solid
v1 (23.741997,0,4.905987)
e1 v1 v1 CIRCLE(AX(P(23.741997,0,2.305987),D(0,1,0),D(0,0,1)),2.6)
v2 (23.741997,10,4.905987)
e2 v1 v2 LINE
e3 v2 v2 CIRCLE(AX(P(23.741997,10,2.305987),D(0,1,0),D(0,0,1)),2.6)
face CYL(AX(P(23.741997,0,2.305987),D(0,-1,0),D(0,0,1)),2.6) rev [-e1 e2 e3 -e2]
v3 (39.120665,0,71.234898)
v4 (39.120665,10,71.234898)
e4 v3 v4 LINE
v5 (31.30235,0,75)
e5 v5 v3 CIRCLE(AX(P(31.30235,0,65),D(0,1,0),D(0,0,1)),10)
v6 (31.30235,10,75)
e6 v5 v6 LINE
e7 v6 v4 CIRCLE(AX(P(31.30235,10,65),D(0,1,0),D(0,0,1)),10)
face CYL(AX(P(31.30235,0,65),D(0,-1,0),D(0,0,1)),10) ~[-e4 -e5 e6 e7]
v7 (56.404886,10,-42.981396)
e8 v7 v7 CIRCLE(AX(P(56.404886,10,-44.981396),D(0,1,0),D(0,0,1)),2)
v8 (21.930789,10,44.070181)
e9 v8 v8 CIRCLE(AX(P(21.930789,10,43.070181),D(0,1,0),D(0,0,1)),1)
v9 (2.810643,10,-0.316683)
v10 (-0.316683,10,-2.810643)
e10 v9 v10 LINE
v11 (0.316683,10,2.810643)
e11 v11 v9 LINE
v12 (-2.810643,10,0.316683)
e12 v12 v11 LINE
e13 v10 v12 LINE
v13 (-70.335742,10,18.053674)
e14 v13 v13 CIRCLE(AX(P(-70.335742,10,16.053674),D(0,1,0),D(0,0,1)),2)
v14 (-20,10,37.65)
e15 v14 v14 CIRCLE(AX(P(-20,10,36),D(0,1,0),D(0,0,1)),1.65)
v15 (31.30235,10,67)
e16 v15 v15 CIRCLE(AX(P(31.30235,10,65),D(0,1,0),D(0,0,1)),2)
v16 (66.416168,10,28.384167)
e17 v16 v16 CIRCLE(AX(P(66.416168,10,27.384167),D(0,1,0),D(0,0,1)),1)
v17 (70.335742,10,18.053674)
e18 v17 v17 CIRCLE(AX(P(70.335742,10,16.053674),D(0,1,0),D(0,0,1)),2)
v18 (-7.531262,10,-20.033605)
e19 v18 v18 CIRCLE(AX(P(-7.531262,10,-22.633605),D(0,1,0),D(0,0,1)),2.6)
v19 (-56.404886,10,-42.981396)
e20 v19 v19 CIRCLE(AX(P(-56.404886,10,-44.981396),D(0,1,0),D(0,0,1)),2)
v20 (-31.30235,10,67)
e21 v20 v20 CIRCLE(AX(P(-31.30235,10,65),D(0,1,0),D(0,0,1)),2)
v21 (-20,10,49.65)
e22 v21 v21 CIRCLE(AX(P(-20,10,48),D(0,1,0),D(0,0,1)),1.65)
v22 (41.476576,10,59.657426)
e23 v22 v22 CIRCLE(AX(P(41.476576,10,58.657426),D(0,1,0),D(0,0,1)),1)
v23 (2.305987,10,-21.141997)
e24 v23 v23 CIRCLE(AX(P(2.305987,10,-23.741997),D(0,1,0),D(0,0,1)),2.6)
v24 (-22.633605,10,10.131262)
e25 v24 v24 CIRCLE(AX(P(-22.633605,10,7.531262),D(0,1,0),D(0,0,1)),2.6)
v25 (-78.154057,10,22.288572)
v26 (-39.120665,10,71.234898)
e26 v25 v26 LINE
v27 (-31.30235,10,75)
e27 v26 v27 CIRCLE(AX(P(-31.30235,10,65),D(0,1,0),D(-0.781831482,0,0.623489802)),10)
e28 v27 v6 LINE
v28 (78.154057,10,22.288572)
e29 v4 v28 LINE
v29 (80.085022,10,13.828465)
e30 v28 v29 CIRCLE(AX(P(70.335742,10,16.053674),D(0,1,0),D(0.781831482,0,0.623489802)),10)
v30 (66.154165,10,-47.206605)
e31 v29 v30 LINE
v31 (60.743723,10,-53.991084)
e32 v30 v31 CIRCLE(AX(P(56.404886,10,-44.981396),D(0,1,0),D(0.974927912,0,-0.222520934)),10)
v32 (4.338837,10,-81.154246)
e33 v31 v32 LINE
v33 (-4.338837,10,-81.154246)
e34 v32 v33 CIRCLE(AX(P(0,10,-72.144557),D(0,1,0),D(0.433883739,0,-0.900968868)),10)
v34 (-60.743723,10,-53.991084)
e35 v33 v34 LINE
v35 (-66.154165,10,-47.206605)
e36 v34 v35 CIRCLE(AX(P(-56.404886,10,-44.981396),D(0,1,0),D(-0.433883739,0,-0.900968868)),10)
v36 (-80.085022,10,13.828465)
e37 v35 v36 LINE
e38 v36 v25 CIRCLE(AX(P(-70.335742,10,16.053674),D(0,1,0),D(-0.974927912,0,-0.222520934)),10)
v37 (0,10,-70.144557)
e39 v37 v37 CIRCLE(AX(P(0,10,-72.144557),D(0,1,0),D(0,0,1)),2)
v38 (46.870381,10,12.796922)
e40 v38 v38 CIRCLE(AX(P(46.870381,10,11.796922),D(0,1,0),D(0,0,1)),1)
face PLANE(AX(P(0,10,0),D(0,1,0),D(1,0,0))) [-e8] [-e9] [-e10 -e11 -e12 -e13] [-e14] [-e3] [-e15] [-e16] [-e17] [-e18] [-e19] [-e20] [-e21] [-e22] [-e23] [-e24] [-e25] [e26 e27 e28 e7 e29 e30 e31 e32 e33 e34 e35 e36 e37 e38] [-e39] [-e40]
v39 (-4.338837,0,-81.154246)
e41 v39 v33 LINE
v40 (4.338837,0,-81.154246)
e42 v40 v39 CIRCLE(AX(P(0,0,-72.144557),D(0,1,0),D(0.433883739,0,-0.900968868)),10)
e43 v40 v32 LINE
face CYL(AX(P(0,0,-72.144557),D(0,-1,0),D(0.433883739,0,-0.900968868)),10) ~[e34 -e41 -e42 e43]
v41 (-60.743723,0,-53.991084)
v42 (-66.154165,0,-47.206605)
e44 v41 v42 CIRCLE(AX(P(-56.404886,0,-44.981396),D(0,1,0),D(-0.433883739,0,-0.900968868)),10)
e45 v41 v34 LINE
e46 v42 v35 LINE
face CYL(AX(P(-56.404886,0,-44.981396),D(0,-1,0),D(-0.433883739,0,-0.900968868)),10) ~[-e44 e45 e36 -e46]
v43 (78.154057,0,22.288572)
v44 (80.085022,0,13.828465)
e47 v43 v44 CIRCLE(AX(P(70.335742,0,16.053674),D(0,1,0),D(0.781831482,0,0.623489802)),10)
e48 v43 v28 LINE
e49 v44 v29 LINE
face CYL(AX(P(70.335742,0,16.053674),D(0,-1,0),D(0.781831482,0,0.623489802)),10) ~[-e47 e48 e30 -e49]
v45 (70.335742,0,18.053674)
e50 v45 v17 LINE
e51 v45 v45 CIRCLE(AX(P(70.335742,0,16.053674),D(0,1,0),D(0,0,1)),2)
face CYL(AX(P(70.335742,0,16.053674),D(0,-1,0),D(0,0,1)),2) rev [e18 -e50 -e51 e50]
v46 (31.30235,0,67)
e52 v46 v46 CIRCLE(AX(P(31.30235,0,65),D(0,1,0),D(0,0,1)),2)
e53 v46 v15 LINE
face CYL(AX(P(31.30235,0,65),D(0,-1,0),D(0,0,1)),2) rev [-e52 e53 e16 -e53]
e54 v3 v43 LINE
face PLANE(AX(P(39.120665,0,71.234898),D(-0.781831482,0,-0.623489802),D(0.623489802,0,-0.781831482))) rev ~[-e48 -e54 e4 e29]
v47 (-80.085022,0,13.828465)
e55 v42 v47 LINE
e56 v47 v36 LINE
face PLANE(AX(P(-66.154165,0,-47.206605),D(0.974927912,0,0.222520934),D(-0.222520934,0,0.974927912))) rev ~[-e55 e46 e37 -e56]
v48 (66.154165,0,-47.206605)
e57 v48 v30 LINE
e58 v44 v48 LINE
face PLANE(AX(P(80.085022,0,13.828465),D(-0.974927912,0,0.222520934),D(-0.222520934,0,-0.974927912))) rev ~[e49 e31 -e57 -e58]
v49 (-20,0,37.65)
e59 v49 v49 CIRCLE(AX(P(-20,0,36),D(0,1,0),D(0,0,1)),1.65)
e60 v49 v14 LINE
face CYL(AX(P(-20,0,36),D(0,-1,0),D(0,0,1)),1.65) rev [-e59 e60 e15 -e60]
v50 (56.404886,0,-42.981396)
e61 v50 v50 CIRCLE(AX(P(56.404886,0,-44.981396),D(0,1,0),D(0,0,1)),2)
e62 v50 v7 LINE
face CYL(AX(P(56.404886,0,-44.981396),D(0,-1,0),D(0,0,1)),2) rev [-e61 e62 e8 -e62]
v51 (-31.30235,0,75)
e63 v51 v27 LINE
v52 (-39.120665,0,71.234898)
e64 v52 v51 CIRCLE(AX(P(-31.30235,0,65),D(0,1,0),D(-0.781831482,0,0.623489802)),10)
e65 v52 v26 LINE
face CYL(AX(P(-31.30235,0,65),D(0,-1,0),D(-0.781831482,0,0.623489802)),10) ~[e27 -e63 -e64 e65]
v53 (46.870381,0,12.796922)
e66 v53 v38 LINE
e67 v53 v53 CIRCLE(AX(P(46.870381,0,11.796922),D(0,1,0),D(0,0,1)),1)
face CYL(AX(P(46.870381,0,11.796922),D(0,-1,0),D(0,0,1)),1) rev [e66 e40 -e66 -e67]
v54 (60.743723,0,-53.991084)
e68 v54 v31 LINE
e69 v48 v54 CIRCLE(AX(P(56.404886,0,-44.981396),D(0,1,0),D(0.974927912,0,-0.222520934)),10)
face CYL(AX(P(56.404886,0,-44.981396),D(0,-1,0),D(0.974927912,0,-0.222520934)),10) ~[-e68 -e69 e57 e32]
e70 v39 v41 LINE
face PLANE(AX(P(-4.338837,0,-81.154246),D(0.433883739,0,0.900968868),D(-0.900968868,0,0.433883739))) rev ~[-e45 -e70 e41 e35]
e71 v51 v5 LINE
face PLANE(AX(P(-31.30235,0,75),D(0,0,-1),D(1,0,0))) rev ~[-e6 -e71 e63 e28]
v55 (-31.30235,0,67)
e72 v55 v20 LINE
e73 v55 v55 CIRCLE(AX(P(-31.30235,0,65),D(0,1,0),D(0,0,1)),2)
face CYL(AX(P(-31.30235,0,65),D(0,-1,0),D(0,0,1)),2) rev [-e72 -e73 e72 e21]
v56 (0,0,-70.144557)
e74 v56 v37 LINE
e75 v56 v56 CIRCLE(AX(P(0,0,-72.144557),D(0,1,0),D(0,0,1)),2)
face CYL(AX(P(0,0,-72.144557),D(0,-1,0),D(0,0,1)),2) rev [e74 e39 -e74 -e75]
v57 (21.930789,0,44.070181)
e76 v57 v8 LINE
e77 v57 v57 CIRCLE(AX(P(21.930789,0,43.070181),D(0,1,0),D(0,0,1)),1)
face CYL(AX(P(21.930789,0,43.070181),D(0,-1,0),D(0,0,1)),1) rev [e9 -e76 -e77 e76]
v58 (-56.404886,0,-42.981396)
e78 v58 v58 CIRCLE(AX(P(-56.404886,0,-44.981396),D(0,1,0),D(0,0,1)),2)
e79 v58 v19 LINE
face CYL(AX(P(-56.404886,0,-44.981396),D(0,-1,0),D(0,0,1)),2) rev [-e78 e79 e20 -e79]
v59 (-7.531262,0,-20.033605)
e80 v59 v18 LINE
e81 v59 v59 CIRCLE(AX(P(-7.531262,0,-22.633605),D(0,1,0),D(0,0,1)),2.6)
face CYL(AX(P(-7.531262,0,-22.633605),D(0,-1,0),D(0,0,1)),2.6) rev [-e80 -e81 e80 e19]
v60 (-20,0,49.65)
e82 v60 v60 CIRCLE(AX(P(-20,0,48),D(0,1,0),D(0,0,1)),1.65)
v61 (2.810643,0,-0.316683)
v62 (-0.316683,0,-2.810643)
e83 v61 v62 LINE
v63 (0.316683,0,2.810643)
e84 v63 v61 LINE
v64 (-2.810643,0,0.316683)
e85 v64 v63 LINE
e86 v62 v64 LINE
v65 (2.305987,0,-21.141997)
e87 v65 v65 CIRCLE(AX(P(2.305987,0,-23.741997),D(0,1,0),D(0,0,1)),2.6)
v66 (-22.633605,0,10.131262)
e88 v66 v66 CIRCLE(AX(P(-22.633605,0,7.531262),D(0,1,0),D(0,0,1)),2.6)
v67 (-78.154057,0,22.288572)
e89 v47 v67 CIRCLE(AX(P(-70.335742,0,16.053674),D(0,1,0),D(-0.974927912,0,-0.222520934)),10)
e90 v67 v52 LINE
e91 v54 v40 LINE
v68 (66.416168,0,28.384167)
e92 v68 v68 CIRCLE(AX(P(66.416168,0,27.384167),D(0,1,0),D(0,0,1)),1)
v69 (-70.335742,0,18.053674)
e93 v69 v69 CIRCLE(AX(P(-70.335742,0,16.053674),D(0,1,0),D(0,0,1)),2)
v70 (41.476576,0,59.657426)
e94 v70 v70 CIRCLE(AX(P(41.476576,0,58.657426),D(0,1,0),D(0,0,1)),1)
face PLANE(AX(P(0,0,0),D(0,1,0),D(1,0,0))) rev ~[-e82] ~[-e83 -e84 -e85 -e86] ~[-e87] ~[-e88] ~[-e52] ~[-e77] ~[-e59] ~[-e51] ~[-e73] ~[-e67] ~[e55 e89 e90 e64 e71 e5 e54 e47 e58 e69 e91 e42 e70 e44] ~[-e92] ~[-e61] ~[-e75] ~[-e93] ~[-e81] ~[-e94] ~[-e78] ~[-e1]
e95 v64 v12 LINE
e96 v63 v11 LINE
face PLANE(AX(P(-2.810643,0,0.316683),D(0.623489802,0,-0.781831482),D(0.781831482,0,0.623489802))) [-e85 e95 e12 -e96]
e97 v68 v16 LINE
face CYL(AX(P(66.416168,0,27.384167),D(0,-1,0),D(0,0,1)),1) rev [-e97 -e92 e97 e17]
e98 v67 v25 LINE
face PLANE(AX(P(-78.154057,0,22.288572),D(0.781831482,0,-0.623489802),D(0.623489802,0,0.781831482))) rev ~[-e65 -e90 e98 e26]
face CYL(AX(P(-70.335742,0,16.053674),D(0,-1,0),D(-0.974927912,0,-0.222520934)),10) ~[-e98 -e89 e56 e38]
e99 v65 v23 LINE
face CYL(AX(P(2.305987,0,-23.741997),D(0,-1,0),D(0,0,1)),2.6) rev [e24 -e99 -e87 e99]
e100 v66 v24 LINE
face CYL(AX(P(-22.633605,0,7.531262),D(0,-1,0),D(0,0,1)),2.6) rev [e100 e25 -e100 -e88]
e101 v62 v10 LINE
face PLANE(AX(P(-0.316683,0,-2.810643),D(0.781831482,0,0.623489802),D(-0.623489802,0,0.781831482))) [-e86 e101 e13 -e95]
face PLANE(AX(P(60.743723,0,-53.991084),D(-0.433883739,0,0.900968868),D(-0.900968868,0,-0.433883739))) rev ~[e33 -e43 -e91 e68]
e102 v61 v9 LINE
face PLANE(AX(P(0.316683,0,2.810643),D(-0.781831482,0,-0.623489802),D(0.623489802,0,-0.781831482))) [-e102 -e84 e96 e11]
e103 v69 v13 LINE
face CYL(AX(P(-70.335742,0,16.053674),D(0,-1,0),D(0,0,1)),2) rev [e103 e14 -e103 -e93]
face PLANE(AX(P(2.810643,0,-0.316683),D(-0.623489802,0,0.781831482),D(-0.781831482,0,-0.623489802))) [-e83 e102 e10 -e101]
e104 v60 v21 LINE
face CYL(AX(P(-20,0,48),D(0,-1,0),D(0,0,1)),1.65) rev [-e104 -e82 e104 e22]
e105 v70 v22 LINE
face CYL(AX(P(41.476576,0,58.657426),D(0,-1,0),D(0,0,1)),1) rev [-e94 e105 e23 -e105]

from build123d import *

# Parameters (mm, degrees)
SKETCH1_R           = 2
SKETCH1_R_2         = 1.65
SKETCH1_R_3         = 2.6
SKETCH1_R_4         = 1
BOSS_EXTRUDE1_DEPTH = 10


with BuildPart() as part:
    # Sketch1 → Boss-Extrude1 (new body)
    with BuildSketch(Plane(origin=(0, 0, 0), x_dir=(1, 0, 0), z_dir=(0, 1, 0))):
        with BuildLine():
            Line((80.08502162, -13.828464902), (66.154165207, 47.206604996))
            ThreePointArc((66.154165207, 47.206604996), (64.22320091, 51.216293675), (60.743723476, 53.991084335))
            Line((60.743723476, 53.991084335), (4.338837391, 81.15424585))
            ThreePointArc((4.338837391, 81.15424585), (0, 82.144557171), (-4.338837391, 81.15424585))
            Line((-4.338837391, 81.15424585), (-60.743723476, 53.991084335))
            ThreePointArc((-60.743723476, 53.991084335), (-64.22320091, 51.216293675), (-66.154165207, 47.206604996))
            Line((-66.154165207, 47.206604996), (-80.08502162, -13.828464902))
            ThreePointArc((-80.08502162, -13.828464902), (-80.08502162, -18.278883581), (-78.154057323, -22.28857226))
            Line((-78.154057323, -22.28857226), (-39.120665047, -71.234898019))
            ThreePointArc((-39.120665047, -71.234898019), (-35.641187614, -74.009688679), (-31.302350222, -75))
            Line((-31.302350222, -75), (31.302350222, -75))
            ThreePointArc((31.302350222, -75), (35.641187614, -74.009688679), (39.120665047, -71.234898019))
            Line((39.120665047, -71.234898019), (78.154057323, -22.28857226))
            ThreePointArc((78.154057323, -22.28857226), (80.08502162, -18.278883581), (80.08502162, -13.828464902))
        make_face()
        with Locations(Location((-31.302350222, -65, 0), (0, 0, 270))):
            Circle(SKETCH1_R, mode=Mode.SUBTRACT)
        with Locations(Location((70.335742498, -16.053674242, 0), (0, 0, 270))):
            Circle(SKETCH1_R, mode=Mode.SUBTRACT)
        with Locations(Location((0, 72.144557171, 0), (0, 0, 270))):
            Circle(SKETCH1_R, mode=Mode.SUBTRACT)
        with Locations(Location((56.404886085, 44.981395656, 0), (0, 0, 270))):
            Circle(SKETCH1_R, mode=Mode.SUBTRACT)
        with Locations(Location((-56.404886085, 44.981395656, 0), (0, 0, 270))):
            Circle(SKETCH1_R, mode=Mode.SUBTRACT)
        with Locations(Location((-70.335742498, -16.053674242, 0), (0, 0, 270))):
            Circle(SKETCH1_R, mode=Mode.SUBTRACT)
        with Locations(Location((31.302350222, -65, 0), (0, 0, 270))):
            Circle(SKETCH1_R, mode=Mode.SUBTRACT)
        with Locations(Location((-20, -48, 0), (0, 0, 270))):
            Circle(SKETCH1_R_2, mode=Mode.SUBTRACT)
        with Locations(Location((-20, -36, 0), (0, 0, 270))):
            Circle(SKETCH1_R_2, mode=Mode.SUBTRACT)
        with Locations(Location((-22.633605309, -7.531262225, 0), (0, 0, 270))):
            Circle(SKETCH1_R_3, mode=Mode.SUBTRACT)
        with Locations(Location((2.305986765, 23.741997074, 0), (0, 0, 270))):
            Circle(SKETCH1_R_3, mode=Mode.SUBTRACT)
        with Locations(Location((-7.531262225, 22.633605309, 0), (0, 0, 270))):
            Circle(SKETCH1_R_3, mode=Mode.SUBTRACT)
        with Locations(Location((23.741997074, -2.305986765, 0), (0, 0, 270))):
            Circle(SKETCH1_R_3, mode=Mode.SUBTRACT)
        with Locations(Location((41.476576253, -58.657425978, 0), (0, 0, 270))):
            Circle(SKETCH1_R_4, mode=Mode.SUBTRACT)
        with Locations(Location((66.416168327, -27.384166679, 0), (0, 0, 270))):
            Circle(SKETCH1_R_4, mode=Mode.SUBTRACT)
        with Locations(Location((46.870381266, -11.796921632, 0), (0, 0, 270))):
            Circle(SKETCH1_R_4, mode=Mode.SUBTRACT)
        with Locations(Location((21.930789191, -43.070180931, 0), (0, 0, 270))):
            Circle(SKETCH1_R_4, mode=Mode.SUBTRACT)
        Polygon((0.316683361, -2.810642569), (2.810642569, 0.316683361), (-0.316683361, 2.810642569), (-2.810642569, -0.316683361), align=None, mode=Mode.SUBTRACT)
    extrude(amount=BOSS_EXTRUDE1_DEPTH)


solid = part.part
